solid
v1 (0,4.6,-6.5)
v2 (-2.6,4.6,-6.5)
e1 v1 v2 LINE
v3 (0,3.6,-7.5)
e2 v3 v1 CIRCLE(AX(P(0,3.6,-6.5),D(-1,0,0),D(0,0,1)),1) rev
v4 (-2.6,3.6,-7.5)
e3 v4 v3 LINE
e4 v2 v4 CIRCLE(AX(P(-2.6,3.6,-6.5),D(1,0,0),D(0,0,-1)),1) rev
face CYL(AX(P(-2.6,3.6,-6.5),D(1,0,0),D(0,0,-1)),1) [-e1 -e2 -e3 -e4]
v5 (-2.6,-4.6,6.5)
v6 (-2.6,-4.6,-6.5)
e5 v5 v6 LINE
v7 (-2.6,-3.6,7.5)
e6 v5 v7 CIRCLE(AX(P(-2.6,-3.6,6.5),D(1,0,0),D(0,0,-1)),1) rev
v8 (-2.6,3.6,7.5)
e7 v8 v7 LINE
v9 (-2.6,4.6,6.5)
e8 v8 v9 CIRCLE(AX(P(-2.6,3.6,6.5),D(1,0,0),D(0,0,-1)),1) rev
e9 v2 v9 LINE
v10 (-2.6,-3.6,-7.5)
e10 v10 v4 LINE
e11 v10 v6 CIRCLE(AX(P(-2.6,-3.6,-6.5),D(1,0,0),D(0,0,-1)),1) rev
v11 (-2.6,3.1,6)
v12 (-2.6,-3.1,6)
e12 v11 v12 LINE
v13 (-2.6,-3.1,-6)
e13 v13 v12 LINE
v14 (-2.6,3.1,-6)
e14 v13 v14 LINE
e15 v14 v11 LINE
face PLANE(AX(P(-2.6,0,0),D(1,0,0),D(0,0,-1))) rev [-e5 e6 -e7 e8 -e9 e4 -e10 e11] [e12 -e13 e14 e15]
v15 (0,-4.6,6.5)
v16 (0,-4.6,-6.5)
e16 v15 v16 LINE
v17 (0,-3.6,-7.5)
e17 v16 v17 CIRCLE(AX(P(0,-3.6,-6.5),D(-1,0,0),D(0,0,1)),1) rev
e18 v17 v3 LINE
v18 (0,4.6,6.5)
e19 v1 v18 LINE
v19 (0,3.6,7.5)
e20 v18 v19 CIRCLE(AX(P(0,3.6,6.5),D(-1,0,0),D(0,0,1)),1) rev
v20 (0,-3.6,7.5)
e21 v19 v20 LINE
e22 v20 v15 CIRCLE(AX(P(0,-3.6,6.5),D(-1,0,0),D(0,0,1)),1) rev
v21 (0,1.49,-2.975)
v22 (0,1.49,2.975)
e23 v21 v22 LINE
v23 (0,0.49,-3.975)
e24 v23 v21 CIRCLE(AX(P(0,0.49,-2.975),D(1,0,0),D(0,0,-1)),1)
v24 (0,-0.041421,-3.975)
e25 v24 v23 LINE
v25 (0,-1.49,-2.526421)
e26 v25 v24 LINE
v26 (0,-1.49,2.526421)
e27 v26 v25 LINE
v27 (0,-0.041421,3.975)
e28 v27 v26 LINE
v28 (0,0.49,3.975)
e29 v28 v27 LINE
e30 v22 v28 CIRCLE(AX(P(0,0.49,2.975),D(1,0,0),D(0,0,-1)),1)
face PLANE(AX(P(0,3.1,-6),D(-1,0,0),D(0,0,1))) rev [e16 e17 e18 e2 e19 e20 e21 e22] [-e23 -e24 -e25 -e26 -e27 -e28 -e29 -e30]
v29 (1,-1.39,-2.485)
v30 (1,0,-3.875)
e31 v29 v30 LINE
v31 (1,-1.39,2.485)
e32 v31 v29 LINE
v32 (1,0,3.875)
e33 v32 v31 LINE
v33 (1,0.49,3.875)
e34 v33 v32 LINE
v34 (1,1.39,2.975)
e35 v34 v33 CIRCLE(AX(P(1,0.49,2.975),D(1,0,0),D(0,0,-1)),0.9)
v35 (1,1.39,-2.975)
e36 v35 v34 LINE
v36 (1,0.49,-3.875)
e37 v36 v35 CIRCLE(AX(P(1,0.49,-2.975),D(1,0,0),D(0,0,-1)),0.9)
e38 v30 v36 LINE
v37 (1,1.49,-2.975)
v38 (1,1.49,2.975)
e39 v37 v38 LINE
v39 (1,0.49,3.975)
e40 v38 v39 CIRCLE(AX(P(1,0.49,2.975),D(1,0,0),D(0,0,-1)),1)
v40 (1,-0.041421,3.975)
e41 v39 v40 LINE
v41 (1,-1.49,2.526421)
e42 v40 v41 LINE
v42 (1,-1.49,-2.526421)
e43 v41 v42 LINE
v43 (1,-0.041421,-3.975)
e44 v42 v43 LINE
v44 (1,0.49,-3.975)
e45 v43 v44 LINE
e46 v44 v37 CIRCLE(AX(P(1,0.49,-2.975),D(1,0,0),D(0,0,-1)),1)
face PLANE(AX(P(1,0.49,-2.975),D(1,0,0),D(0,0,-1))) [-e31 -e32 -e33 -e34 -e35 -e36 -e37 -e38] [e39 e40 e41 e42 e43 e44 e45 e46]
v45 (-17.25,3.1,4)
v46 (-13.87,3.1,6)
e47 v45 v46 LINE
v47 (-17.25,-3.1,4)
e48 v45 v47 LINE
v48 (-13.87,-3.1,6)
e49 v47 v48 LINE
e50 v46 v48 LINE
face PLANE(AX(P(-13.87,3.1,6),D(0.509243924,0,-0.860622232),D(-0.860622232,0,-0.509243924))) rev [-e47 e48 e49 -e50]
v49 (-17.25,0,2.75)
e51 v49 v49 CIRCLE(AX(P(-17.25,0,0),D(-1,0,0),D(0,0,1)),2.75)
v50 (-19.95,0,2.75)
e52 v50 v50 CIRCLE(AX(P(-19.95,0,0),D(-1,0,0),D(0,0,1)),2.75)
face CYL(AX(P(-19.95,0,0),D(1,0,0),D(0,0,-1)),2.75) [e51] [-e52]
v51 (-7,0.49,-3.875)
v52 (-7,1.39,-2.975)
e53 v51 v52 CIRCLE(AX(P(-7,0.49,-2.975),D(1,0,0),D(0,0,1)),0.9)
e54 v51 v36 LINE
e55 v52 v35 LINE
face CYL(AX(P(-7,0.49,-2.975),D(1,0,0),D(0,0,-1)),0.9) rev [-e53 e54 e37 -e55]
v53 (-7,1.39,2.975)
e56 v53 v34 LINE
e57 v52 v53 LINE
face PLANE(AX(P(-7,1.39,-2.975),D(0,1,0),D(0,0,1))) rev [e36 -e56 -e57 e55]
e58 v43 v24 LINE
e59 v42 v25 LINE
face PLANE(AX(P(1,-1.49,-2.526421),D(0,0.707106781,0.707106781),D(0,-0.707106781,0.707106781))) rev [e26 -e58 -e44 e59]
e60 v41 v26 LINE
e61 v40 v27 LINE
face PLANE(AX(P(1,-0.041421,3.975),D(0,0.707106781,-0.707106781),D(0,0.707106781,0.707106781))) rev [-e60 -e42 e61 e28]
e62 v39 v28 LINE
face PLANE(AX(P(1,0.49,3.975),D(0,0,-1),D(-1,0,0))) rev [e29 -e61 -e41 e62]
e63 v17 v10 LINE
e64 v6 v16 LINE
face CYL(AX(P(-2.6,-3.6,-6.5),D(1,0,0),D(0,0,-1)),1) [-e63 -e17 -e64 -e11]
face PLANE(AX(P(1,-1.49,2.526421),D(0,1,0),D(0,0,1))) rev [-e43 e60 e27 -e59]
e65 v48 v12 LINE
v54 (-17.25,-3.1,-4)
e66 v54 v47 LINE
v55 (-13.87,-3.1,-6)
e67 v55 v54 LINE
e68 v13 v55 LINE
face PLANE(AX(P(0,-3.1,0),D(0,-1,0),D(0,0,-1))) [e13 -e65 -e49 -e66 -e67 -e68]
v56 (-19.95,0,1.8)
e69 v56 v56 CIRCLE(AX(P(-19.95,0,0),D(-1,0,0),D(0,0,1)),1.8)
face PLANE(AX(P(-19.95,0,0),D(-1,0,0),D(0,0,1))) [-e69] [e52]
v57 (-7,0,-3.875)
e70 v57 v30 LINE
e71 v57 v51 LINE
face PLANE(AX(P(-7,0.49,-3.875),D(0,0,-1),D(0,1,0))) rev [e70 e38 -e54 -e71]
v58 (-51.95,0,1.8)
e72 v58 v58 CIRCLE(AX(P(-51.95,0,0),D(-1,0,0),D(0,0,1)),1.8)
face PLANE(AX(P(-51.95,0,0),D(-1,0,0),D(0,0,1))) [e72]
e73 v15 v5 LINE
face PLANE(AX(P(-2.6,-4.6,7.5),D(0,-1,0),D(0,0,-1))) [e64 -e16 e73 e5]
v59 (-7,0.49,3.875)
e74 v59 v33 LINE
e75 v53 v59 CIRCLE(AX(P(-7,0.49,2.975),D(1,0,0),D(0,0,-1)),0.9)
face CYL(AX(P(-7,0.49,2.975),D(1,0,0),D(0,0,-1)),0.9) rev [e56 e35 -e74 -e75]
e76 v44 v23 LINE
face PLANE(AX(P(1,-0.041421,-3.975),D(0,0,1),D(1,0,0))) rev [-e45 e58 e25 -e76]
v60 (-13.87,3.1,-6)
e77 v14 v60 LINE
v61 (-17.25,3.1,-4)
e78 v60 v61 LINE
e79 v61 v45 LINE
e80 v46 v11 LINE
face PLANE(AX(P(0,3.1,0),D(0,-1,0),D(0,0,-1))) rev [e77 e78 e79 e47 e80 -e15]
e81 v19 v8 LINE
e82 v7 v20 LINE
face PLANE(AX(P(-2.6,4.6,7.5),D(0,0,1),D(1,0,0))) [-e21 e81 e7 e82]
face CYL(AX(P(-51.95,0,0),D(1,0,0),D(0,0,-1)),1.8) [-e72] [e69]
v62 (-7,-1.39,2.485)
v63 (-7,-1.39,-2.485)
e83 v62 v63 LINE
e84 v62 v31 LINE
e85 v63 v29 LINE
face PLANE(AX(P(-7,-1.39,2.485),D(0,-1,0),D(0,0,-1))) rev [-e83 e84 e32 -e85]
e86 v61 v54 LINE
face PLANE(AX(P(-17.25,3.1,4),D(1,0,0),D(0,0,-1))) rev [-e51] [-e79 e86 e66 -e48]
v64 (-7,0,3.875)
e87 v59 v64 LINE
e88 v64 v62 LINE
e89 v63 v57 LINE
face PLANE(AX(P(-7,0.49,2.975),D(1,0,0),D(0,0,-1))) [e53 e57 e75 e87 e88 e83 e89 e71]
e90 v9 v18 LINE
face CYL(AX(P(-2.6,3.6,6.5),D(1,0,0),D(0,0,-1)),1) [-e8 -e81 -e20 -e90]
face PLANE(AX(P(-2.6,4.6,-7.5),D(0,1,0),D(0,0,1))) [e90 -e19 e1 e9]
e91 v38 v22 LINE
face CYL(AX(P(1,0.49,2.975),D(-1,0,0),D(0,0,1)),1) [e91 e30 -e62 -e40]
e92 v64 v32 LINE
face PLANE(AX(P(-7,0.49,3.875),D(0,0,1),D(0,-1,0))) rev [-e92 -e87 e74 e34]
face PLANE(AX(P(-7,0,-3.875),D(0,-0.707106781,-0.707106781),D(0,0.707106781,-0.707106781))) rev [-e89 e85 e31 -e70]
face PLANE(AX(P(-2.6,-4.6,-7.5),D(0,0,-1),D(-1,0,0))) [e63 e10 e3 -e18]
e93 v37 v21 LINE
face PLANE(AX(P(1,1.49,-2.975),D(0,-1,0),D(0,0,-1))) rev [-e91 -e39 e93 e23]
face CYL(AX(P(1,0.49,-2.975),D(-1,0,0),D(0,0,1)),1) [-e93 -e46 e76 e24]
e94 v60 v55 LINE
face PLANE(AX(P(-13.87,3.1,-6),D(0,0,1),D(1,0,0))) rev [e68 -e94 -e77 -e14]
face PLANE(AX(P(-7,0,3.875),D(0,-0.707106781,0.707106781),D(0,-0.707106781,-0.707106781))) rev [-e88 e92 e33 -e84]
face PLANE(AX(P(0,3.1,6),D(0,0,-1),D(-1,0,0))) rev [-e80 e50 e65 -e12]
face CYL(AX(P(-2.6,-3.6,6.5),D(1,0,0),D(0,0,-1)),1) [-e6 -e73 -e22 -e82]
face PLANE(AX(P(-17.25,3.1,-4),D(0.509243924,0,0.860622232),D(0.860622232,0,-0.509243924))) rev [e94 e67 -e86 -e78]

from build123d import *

# Parameters (mm, degrees)
BOSS_EXTRUDE1_DEPTH = 3.1
SKETCH2_W           = 15
SKETCH2_H           = 9.2
BOSS_EXTRUDE2_DEPTH = 2.6
SKETCH3_R           = 2.75
BOSS_EXTRUDE3_DEPTH = 2.7
SKETCH4_R           = 1.8
BOSS_EXTRUDE4_DEPTH = 32
FILLET1_R           = 1
CUT_EXTRUDE1_DEPTH  = 7
BOSS_EXTRUDE5_DEPTH = 1


with BuildPart() as part:
    # Sketch1 → Boss-Extrude1 (new body, symmetric)
    with BuildSketch(Plane(origin=(0, 0, 0), x_dir=(1, 0, 0), z_dir=(0, 1, 0))):
        Polygon((0, 6), (0, -6), (-13.87, -6), (-17.25, -4), (-17.25, 4), (-13.87, 6), align=None)
    extrude(amount=BOSS_EXTRUDE1_DEPTH, both=True)

    # Sketch2 → Boss-Extrude2 (add)
    with BuildSketch(Plane(origin=(0, 0, 0), x_dir=(0, 0, -1), z_dir=(1, 0, 0))):
        Rectangle(SKETCH2_W, SKETCH2_H)
    extrude(amount=-BOSS_EXTRUDE2_DEPTH)

    # Sketch3 → Boss-Extrude3 (add)
    with BuildSketch(Plane.ZY.offset(17.25)):
        Circle(SKETCH3_R)
    extrude(amount=BOSS_EXTRUDE3_DEPTH)

    # Sketch4 → Boss-Extrude4 (add)
    with BuildSketch(Plane.ZY.offset(19.95)):
        Circle(SKETCH4_R)
    extrude(amount=BOSS_EXTRUDE4_DEPTH)

    # Fillet1
    fillet1_edges = [part.edges().sort_by_distance(p)[0] for p in [
        (-1.3, -4.6, 7.5),
        (-1.3, 4.6, 7.5),
        (-1.3, 4.6, -7.5),
        (-1.3, -4.6, -7.5),
    ]]
    fillet(fillet1_edges, radius=FILLET1_R)

    # Sketch5 → Cut-Extrude1 (cut)
    with BuildSketch(Plane(origin=(0, 0, 0), x_dir=(0, 0, -1), z_dir=(1, 0, 0))):
        with BuildLine():
            Line((2.975, 1.39), (-2.975, 1.39))
            ThreePointArc((-2.975, 1.39), (-3.611396103, 1.126396103), (-3.875, 0.49))
            Line((-3.875, 0.49), (-3.875, 0))
            Line((-3.875, 0), (-2.485, -1.39))
            Line((-2.485, -1.39), (2.485, -1.39))
            Line((2.485, -1.39), (3.875, 0))
            Line((3.875, 0), (3.875, 0.49))
            ThreePointArc((3.875, 0.49), (3.611396103, 1.126396103), (2.975, 1.39))
        make_face()
    extrude(amount=-CUT_EXTRUDE1_DEPTH, mode=Mode.SUBTRACT)

    # Sketch7 → Boss-Extrude5 (add)
    with BuildSketch(Plane(origin=(0, 0, 0), x_dir=(0, 0, -1), z_dir=(1, 0, 0))):
        with BuildLine():
            Line((2.975, 1.49), (-2.975, 1.49))
            ThreePointArc((-2.975, 1.49), (-3.682106781, 1.197106781), (-3.975, 0.49))
            Line((-3.975, 0.49), (-3.975, -0.041421356))
            Line((-3.975, -0.041421356), (-2.526421356, -1.49))
            Line((-2.526421356, -1.49), (2.526421356, -1.49))
            Line((2.526421356, -1.49), (3.975, -0.041421356))
            Line((3.975, -0.041421356), (3.975, 0.49))
            ThreePointArc((3.975, 0.49), (3.682106781, 1.197106781), (2.975, 1.49))
        make_face()
        with BuildLine():
            Line((-3.875, 0.49), (-3.875, 0))
            Line((-3.875, 0), (-2.485, -1.39))
            Line((-2.485, -1.39), (2.485, -1.39))
            Line((2.485, -1.39), (3.875, 0))
            Line((3.875, 0), (3.875, 0.49))
            ThreePointArc((3.875, 0.49), (3.611396103, 1.126396103), (2.975, 1.39))
            Line((2.975, 1.39), (-2.975, 1.39))
            ThreePointArc((-2.975, 1.39), (-3.611396103, 1.126396103), (-3.875, 0.49))
        make_face(mode=Mode.SUBTRACT)
    extrude(amount=BOSS_EXTRUDE5_DEPTH)


solid = part.part
